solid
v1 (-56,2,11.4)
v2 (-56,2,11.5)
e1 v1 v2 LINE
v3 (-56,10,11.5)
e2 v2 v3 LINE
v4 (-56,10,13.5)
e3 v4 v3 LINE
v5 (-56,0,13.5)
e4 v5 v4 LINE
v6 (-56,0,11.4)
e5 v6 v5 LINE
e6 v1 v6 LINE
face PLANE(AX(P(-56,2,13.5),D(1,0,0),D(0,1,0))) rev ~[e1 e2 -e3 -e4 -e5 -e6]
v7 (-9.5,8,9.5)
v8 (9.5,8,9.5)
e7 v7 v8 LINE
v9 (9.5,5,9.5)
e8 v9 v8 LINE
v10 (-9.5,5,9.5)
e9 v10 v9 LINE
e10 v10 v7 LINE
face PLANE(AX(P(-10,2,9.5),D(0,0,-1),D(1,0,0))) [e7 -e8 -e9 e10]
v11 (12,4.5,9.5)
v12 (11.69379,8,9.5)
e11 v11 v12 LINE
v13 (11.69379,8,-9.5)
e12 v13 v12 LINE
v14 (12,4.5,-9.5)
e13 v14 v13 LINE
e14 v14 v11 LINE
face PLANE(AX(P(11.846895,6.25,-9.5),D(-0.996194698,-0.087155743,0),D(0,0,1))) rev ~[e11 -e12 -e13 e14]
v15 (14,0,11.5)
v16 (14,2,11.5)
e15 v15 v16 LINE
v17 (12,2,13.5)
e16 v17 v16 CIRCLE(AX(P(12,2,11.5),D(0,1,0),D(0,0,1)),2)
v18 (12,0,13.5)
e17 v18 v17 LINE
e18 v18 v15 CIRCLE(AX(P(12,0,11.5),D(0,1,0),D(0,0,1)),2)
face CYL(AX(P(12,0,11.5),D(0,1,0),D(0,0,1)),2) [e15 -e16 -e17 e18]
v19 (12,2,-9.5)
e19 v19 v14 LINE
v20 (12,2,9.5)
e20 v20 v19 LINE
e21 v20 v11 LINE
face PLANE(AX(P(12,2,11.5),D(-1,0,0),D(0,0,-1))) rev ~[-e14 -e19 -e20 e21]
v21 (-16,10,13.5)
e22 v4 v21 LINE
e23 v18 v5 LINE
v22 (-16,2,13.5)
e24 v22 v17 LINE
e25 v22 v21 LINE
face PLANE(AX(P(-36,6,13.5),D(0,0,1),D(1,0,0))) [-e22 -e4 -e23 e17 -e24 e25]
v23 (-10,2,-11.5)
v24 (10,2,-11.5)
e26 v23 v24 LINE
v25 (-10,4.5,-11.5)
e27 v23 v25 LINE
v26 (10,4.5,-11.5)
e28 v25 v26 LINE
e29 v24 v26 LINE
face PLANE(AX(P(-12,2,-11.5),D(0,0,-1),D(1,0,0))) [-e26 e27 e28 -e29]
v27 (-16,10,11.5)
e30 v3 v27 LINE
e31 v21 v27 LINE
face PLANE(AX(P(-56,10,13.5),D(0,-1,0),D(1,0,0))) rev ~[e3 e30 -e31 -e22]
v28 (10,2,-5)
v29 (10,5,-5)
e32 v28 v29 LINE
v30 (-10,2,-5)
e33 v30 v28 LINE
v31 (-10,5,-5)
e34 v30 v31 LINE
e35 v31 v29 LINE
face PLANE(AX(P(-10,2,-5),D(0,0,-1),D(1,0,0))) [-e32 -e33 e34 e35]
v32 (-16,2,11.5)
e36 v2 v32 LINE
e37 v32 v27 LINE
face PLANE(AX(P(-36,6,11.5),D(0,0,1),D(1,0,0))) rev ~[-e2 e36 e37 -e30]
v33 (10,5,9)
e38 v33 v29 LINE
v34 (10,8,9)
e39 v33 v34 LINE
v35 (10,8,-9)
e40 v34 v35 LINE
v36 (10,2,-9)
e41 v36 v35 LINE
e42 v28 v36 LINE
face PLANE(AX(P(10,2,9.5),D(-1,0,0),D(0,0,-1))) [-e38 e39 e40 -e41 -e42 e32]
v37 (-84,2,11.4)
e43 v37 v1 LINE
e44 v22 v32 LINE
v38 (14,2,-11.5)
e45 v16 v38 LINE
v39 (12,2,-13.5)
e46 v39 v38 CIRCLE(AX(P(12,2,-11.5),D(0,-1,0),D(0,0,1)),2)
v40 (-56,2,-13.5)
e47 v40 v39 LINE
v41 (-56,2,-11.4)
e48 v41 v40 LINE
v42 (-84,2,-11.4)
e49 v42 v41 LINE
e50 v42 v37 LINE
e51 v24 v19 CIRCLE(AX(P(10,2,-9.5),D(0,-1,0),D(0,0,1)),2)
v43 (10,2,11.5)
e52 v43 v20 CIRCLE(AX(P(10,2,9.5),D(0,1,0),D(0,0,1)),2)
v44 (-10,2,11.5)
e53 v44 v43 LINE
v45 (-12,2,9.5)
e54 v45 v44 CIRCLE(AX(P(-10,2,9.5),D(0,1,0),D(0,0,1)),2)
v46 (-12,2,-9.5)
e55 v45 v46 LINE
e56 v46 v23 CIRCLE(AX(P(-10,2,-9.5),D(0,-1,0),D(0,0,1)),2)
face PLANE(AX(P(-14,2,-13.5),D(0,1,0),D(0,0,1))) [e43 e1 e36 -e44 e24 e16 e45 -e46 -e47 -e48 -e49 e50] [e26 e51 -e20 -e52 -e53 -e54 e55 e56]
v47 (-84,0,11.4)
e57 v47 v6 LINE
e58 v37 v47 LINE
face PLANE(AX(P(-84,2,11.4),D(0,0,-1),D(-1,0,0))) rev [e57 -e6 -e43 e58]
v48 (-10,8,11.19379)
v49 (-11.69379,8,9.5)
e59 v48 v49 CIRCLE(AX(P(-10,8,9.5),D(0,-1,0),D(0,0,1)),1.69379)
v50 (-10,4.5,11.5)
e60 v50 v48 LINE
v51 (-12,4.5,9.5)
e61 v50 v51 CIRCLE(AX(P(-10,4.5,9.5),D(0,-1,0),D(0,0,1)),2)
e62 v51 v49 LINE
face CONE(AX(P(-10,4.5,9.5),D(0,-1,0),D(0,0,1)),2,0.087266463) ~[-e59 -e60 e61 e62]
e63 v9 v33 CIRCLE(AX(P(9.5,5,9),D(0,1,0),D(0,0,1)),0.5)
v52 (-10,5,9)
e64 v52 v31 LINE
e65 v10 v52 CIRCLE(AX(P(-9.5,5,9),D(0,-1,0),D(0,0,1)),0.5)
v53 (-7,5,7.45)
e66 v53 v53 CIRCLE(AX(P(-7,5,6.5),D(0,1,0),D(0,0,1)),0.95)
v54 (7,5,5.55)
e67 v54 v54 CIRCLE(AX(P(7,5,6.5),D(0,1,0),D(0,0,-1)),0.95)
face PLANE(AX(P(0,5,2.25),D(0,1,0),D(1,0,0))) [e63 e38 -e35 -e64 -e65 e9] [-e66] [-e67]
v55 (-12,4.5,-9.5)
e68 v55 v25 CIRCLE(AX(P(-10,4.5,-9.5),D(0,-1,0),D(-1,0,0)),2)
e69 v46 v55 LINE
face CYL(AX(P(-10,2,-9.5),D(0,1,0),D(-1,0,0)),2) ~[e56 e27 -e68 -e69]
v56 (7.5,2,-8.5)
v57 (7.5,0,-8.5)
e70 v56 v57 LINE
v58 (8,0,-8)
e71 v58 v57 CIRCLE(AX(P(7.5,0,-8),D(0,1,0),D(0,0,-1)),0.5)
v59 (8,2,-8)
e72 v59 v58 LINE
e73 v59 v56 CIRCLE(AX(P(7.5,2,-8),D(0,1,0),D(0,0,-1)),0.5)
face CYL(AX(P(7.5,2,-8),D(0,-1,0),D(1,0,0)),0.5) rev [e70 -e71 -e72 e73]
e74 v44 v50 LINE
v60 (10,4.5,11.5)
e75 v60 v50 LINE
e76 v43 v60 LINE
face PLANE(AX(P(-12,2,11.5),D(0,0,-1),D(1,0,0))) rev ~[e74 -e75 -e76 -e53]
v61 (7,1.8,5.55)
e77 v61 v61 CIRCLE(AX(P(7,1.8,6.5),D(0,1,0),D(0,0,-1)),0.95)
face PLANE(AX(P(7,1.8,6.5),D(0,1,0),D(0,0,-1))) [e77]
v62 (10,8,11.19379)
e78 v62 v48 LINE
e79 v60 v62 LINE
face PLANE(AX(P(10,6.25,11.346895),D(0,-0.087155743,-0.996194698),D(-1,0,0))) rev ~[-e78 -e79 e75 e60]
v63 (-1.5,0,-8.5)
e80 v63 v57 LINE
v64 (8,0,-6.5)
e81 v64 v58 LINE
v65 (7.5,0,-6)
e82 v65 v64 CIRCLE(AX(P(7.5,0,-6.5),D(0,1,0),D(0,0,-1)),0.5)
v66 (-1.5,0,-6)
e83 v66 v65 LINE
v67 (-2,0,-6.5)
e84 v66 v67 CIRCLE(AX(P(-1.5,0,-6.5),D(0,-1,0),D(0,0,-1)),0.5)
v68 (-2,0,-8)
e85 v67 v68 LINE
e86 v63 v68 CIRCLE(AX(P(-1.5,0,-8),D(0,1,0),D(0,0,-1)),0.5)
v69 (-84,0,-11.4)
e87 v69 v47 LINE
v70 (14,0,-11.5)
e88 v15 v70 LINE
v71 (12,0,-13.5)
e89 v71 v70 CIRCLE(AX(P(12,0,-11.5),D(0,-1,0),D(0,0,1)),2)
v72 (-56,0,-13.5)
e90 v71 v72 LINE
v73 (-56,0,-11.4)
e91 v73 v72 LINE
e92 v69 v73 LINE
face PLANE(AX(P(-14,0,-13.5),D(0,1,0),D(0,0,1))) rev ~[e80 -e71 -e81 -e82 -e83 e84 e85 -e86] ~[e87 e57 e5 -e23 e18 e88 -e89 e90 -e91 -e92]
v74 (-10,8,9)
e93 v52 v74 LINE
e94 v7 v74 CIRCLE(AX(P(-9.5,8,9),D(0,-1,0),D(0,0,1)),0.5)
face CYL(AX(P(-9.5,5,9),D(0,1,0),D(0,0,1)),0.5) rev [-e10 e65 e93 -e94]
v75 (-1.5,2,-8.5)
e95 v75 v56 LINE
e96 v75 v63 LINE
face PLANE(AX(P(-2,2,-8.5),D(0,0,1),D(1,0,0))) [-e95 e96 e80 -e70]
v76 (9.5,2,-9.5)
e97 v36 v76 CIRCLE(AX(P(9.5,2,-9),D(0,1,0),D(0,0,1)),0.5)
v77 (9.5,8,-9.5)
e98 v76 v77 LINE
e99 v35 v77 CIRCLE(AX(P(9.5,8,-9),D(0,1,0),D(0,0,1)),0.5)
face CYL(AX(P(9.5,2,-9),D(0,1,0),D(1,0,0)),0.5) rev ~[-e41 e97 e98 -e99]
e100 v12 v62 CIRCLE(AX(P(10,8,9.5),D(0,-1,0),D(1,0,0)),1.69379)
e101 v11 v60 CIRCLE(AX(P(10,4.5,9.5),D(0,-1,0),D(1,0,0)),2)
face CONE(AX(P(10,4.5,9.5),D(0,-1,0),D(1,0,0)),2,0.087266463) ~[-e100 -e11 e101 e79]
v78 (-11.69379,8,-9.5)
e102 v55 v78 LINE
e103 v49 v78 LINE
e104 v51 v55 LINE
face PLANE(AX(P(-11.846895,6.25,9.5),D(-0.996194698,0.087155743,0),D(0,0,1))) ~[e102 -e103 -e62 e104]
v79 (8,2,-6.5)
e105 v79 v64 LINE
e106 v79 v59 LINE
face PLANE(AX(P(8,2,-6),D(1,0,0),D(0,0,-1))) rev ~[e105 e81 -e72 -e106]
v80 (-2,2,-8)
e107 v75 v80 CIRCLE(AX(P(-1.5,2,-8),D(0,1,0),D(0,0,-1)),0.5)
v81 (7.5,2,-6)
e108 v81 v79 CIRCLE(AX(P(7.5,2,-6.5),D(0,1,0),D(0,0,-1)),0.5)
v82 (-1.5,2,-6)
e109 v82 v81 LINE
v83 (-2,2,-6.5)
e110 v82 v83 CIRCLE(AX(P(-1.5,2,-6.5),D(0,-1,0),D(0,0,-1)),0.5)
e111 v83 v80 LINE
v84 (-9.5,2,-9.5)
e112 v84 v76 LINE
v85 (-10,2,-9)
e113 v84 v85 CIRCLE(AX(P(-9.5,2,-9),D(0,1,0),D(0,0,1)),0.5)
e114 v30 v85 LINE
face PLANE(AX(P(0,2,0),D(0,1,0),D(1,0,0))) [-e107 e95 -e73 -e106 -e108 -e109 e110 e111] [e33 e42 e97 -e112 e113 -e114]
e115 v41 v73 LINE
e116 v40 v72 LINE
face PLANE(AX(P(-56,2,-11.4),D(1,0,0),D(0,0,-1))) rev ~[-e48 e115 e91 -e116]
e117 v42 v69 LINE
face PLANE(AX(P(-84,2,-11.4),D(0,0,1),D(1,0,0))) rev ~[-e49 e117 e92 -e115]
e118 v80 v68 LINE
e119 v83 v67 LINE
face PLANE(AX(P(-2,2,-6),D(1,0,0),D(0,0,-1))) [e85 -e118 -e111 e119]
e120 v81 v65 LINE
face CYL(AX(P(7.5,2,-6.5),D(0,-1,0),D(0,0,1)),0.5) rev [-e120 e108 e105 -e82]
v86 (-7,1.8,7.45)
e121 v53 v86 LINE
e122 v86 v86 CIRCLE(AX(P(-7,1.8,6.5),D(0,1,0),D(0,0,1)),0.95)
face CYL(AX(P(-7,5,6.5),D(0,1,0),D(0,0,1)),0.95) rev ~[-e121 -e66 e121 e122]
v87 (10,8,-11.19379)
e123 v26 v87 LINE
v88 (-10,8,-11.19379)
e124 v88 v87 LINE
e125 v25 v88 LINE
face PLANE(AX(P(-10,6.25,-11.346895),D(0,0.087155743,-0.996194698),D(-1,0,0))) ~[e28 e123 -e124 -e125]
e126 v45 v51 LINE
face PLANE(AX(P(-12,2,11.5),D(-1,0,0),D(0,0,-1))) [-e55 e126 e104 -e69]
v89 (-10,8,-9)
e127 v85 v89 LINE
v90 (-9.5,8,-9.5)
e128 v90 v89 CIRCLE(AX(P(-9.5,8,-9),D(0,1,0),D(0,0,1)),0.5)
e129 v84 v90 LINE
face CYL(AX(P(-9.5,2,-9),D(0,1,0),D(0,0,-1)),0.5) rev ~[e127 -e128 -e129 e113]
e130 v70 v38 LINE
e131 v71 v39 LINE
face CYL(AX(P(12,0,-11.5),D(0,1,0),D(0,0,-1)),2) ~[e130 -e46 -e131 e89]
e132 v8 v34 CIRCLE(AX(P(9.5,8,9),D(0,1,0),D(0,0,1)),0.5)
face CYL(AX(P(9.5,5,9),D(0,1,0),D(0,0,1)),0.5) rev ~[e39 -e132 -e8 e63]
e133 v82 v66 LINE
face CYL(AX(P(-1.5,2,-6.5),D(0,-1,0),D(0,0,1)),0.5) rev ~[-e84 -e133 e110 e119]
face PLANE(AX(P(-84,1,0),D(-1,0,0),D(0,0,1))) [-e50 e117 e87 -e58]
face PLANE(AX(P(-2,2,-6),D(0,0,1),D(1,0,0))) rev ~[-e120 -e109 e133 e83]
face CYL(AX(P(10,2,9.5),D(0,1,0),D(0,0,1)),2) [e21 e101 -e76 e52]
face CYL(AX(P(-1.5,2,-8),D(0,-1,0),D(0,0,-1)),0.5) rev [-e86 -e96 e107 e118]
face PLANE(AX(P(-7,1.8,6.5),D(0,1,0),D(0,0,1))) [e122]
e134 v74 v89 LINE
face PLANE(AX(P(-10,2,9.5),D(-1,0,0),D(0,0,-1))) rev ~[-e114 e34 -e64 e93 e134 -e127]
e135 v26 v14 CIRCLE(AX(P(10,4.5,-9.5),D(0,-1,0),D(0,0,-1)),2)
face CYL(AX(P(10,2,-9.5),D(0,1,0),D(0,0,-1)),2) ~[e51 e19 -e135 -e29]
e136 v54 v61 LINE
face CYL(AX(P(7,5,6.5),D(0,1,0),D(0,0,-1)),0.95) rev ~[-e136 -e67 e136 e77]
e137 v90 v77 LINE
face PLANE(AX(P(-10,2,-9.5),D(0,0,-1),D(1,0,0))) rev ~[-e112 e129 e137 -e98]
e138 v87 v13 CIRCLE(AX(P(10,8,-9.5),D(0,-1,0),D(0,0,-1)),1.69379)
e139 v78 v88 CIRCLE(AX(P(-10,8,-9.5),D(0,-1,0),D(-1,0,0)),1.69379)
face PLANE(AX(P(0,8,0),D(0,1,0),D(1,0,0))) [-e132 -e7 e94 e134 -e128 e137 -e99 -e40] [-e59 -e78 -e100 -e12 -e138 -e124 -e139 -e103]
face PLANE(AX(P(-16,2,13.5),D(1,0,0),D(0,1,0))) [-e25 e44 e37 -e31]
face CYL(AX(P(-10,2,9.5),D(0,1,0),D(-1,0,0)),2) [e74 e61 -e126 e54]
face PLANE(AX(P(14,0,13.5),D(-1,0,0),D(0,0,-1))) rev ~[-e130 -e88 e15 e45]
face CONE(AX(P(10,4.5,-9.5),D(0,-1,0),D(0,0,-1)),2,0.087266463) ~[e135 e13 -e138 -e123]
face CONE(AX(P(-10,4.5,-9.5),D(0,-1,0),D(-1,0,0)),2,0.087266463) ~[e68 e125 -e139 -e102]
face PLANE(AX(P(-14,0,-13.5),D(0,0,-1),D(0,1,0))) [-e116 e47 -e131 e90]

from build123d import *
from OCP.BRepFilletAPI import BRepFilletAPI_MakeChamfer

# Parameters (mm, degrees)
SKETCH1_W           = 28
SKETCH1_H           = 27
BOSS_EXTRUDE1_DEPTH = 2
SKETCH2_W           = 10
SKETCH2_H           = 2.5
CUT_EXTRUDE1_DEPTH  = 2
SKETCH3_W           = 20
SKETCH3_H           = 14.5
BOSS_EXTRUDE2_DEPTH = 3
SKETCH4_W           = 24
SKETCH4_H           = 23
SKETCH4_W_2         = 20
SKETCH4_H_2         = 19
BOSS_EXTRUDE3_DEPTH = 6
SKETCH5_R           = 0.95
CUT_EXTRUDE2_DEPTH  = 3.2
FILLET3_R           = 2
FILLET2_R           = 0.5
SKETCH6_W           = 27
SKETCH6_H           = 2
BOSS_EXTRUDE4_DEPTH = 70
CHAMFER1_SIZE       = 3.5
CHAMFER1_SIZE2      = 0.306210322
SKETCH7_W           = 28
SKETCH7_H           = 2.1
CUT_EXTRUDE3_DEPTH  = 86.289213855
SKETCH8_W           = 40
SKETCH8_H           = 8
BOSS_EXTRUDE5_DEPTH = 2


with BuildPart() as part:
    # Sketch1 → Boss-Extrude1 (new body)
    with BuildSketch(Plane(origin=(0, 0, 0), x_dir=(1, 0, 0), z_dir=(0, 1, 0))):
        Rectangle(SKETCH1_W, SKETCH1_H)
    extrude(amount=BOSS_EXTRUDE1_DEPTH)

    # Sketch2 → Cut-Extrude1 (cut)
    with BuildSketch(Plane(origin=(0, 2, 0), x_dir=(1, 0, 0), z_dir=(0, 1, 0))):
        with Locations((3, 7.25)):
            Rectangle(SKETCH2_W, SKETCH2_H)
    extrude(amount=-CUT_EXTRUDE1_DEPTH, mode=Mode.SUBTRACT)

    # Sketch3 → Boss-Extrude2 (add)
    with BuildSketch(Plane(origin=(0, 2, 0), x_dir=(1, 0, 0), z_dir=(0, 1, 0))):
        with Locations((0, -2.25)):
            Rectangle(SKETCH3_W, SKETCH3_H)
    extrude(amount=BOSS_EXTRUDE2_DEPTH)

    # Sketch4 → Boss-Extrude3 (add)
    with BuildSketch(Plane(origin=(0, 2, 0), x_dir=(1, 0, 0), z_dir=(0, 1, 0))):
        Rectangle(SKETCH4_W, SKETCH4_H)
        Rectangle(SKETCH4_W_2, SKETCH4_H_2, mode=Mode.SUBTRACT)
    extrude(amount=BOSS_EXTRUDE3_DEPTH)

    # Sketch5 → Cut-Extrude2 (cut)
    with BuildSketch(Plane(origin=(0, 5, 0), x_dir=(1, 0, 0), z_dir=(0, 1, 0))):
        with Locations(Location((-7, -6.5, 0), (0, 0, 270))):
            Circle(SKETCH5_R)
        with Locations(Location((7, -6.5, 0), (0, 0, 90))):
            Circle(SKETCH5_R)
    extrude(amount=-CUT_EXTRUDE2_DEPTH, mode=Mode.SUBTRACT)

    # Fillet3
    fillet3_edges = [part.edges().sort_by_distance(p)[0] for p in [
        (12, 5, -11.5),
        (-12, 5, -11.5),
        (-12, 5, 11.5),
        (12, 5, 11.5),
        (14, 1, 13.5),
        (14, 1, -13.5),
    ]]
    fillet(fillet3_edges, radius=FILLET3_R)

    # Fillet2
    fillet2_edges = [part.edges().sort_by_distance(p)[0] for p in [
        (-2, 1, -8.5),
        (-2, 1, -6),
        (8, 1, -6),
        (8, 1, -8.5),
        (10, 5, -9.5),
        (-10, 6.5, 9.5),
        (10, 6.5, 9.5),
        (-10, 5, -9.5),
    ]]
    fillet(fillet2_edges, radius=FILLET2_R)

    # Sketch6 → Boss-Extrude4 (add)
    with BuildSketch(Plane.ZY.offset(14)):
        with Locations((0, 1)):
            Rectangle(SKETCH6_W, SKETCH6_H)
    extrude(amount=BOSS_EXTRUDE4_DEPTH)

    # Chamfer1: one chamfer whose edges measure the first distance from different faces: ONE call of the kernel's chamfer builder (chamfer() names one face for all edges)
    chamfer1_edges_1 = [part.edges().sort_by_distance(p)[0] for p in [
        (0, 8, -11.5),
    ]]
    chamfer1_side_1 = [part.faces().sort_by_distance(p)[0] for p in [
        (0, 5, -11.5),
    ]]
    chamfer1_edges_2 = [part.edges().sort_by_distance(p)[0] for p in [
        (12, 8, 0),
    ]]
    chamfer1_side_2 = [part.faces().sort_by_distance(p)[0] for p in [
        (12, 5, 0),
    ]]
    chamfer1_edges_3 = [part.edges().sort_by_distance(p)[0] for p in [
        (-12, 8, 0),
    ]]
    chamfer1_side_3 = [part.faces().sort_by_distance(p)[0] for p in [
        (-12, 5, 0),
    ]]
    chamfer1_edges_4 = [part.edges().sort_by_distance(p)[0] for p in [
        (0, 8, 11.5),
    ]]
    chamfer1_side_4 = [part.faces().sort_by_distance(p)[0] for p in [
        (0, 5, 11.5),
    ]]
    chamfer1_edges_5 = [part.edges().sort_by_distance(p)[0] for p in [
        (-11.414213562, 8, -10.914213562),
    ]]
    chamfer1_side_5 = [part.faces().sort_by_distance(p)[0] for p in [
        (-11.414213562, 5, -10.914213562),
    ]]
    chamfer1_edges_6 = [part.edges().sort_by_distance(p)[0] for p in [
        (-11.414213562, 8, 10.914213562),
    ]]
    chamfer1_side_6 = [part.faces().sort_by_distance(p)[0] for p in [
        (-11.414213562, 5, 10.914213562),
    ]]
    chamfer1_edges_7 = [part.edges().sort_by_distance(p)[0] for p in [
        (11.414213562, 8, 10.914213562),
    ]]
    chamfer1_side_7 = [part.faces().sort_by_distance(p)[0] for p in [
        (11.414213562, 5, 10.914213562),
    ]]
    chamfer1_edges_8 = [part.edges().sort_by_distance(p)[0] for p in [
        (11.414213562, 8, -10.914213562),
    ]]
    chamfer1_side_8 = [part.faces().sort_by_distance(p)[0] for p in [
        (11.414213562, 5, -10.914213562),
    ]]
    chamfer1 = BRepFilletAPI_MakeChamfer(part.part.solid().wrapped)
    for e in chamfer1_edges_1:
        chamfer1.Add(CHAMFER1_SIZE, CHAMFER1_SIZE2, e.wrapped, chamfer1_side_1[0].wrapped)  # the first distance lies on this face
    for e in chamfer1_edges_2:
        chamfer1.Add(CHAMFER1_SIZE, CHAMFER1_SIZE2, e.wrapped, chamfer1_side_2[0].wrapped)  # the first distance lies on this face
    for e in chamfer1_edges_3:
        chamfer1.Add(CHAMFER1_SIZE, CHAMFER1_SIZE2, e.wrapped, chamfer1_side_3[0].wrapped)  # the first distance lies on this face
    for e in chamfer1_edges_4:
        chamfer1.Add(CHAMFER1_SIZE, CHAMFER1_SIZE2, e.wrapped, chamfer1_side_4[0].wrapped)  # the first distance lies on this face
    for e in chamfer1_edges_5:
        chamfer1.Add(CHAMFER1_SIZE, CHAMFER1_SIZE2, e.wrapped, chamfer1_side_5[0].wrapped)  # the first distance lies on this face
    for e in chamfer1_edges_6:
        chamfer1.Add(CHAMFER1_SIZE, CHAMFER1_SIZE2, e.wrapped, chamfer1_side_6[0].wrapped)  # the first distance lies on this face
    for e in chamfer1_edges_7:
        chamfer1.Add(CHAMFER1_SIZE, CHAMFER1_SIZE2, e.wrapped, chamfer1_side_7[0].wrapped)  # the first distance lies on this face
    for e in chamfer1_edges_8:
        chamfer1.Add(CHAMFER1_SIZE, CHAMFER1_SIZE2, e.wrapped, chamfer1_side_8[0].wrapped)  # the first distance lies on this face
    add(Compound.cast(chamfer1.Shape()), mode=Mode.REPLACE)

    # Sketch7 → Cut-Extrude3 (cut, through all)
    with BuildSketch(Plane(origin=(0, 2, 0), x_dir=(1, 0, 0), z_dir=(0, 1, 0))):
        with Locations((-70, 12.45)):
            Rectangle(SKETCH7_W, SKETCH7_H)
    cut_extrude3 = extrude(amount=-CUT_EXTRUDE3_DEPTH, mode=Mode.SUBTRACT)

    # Mirror1: Cut-Extrude3 across plane
    add(cut_extrude3.mirror(Plane.XY), mode=Mode.SUBTRACT)

    # Sketch8 → Boss-Extrude5 (add)
    with BuildSketch(Plane.XY.offset(13.5)):
        with Locations((-36, 6)):
            Rectangle(SKETCH8_W, SKETCH8_H)
    extrude(amount=-BOSS_EXTRUDE5_DEPTH)


solid = part.part
